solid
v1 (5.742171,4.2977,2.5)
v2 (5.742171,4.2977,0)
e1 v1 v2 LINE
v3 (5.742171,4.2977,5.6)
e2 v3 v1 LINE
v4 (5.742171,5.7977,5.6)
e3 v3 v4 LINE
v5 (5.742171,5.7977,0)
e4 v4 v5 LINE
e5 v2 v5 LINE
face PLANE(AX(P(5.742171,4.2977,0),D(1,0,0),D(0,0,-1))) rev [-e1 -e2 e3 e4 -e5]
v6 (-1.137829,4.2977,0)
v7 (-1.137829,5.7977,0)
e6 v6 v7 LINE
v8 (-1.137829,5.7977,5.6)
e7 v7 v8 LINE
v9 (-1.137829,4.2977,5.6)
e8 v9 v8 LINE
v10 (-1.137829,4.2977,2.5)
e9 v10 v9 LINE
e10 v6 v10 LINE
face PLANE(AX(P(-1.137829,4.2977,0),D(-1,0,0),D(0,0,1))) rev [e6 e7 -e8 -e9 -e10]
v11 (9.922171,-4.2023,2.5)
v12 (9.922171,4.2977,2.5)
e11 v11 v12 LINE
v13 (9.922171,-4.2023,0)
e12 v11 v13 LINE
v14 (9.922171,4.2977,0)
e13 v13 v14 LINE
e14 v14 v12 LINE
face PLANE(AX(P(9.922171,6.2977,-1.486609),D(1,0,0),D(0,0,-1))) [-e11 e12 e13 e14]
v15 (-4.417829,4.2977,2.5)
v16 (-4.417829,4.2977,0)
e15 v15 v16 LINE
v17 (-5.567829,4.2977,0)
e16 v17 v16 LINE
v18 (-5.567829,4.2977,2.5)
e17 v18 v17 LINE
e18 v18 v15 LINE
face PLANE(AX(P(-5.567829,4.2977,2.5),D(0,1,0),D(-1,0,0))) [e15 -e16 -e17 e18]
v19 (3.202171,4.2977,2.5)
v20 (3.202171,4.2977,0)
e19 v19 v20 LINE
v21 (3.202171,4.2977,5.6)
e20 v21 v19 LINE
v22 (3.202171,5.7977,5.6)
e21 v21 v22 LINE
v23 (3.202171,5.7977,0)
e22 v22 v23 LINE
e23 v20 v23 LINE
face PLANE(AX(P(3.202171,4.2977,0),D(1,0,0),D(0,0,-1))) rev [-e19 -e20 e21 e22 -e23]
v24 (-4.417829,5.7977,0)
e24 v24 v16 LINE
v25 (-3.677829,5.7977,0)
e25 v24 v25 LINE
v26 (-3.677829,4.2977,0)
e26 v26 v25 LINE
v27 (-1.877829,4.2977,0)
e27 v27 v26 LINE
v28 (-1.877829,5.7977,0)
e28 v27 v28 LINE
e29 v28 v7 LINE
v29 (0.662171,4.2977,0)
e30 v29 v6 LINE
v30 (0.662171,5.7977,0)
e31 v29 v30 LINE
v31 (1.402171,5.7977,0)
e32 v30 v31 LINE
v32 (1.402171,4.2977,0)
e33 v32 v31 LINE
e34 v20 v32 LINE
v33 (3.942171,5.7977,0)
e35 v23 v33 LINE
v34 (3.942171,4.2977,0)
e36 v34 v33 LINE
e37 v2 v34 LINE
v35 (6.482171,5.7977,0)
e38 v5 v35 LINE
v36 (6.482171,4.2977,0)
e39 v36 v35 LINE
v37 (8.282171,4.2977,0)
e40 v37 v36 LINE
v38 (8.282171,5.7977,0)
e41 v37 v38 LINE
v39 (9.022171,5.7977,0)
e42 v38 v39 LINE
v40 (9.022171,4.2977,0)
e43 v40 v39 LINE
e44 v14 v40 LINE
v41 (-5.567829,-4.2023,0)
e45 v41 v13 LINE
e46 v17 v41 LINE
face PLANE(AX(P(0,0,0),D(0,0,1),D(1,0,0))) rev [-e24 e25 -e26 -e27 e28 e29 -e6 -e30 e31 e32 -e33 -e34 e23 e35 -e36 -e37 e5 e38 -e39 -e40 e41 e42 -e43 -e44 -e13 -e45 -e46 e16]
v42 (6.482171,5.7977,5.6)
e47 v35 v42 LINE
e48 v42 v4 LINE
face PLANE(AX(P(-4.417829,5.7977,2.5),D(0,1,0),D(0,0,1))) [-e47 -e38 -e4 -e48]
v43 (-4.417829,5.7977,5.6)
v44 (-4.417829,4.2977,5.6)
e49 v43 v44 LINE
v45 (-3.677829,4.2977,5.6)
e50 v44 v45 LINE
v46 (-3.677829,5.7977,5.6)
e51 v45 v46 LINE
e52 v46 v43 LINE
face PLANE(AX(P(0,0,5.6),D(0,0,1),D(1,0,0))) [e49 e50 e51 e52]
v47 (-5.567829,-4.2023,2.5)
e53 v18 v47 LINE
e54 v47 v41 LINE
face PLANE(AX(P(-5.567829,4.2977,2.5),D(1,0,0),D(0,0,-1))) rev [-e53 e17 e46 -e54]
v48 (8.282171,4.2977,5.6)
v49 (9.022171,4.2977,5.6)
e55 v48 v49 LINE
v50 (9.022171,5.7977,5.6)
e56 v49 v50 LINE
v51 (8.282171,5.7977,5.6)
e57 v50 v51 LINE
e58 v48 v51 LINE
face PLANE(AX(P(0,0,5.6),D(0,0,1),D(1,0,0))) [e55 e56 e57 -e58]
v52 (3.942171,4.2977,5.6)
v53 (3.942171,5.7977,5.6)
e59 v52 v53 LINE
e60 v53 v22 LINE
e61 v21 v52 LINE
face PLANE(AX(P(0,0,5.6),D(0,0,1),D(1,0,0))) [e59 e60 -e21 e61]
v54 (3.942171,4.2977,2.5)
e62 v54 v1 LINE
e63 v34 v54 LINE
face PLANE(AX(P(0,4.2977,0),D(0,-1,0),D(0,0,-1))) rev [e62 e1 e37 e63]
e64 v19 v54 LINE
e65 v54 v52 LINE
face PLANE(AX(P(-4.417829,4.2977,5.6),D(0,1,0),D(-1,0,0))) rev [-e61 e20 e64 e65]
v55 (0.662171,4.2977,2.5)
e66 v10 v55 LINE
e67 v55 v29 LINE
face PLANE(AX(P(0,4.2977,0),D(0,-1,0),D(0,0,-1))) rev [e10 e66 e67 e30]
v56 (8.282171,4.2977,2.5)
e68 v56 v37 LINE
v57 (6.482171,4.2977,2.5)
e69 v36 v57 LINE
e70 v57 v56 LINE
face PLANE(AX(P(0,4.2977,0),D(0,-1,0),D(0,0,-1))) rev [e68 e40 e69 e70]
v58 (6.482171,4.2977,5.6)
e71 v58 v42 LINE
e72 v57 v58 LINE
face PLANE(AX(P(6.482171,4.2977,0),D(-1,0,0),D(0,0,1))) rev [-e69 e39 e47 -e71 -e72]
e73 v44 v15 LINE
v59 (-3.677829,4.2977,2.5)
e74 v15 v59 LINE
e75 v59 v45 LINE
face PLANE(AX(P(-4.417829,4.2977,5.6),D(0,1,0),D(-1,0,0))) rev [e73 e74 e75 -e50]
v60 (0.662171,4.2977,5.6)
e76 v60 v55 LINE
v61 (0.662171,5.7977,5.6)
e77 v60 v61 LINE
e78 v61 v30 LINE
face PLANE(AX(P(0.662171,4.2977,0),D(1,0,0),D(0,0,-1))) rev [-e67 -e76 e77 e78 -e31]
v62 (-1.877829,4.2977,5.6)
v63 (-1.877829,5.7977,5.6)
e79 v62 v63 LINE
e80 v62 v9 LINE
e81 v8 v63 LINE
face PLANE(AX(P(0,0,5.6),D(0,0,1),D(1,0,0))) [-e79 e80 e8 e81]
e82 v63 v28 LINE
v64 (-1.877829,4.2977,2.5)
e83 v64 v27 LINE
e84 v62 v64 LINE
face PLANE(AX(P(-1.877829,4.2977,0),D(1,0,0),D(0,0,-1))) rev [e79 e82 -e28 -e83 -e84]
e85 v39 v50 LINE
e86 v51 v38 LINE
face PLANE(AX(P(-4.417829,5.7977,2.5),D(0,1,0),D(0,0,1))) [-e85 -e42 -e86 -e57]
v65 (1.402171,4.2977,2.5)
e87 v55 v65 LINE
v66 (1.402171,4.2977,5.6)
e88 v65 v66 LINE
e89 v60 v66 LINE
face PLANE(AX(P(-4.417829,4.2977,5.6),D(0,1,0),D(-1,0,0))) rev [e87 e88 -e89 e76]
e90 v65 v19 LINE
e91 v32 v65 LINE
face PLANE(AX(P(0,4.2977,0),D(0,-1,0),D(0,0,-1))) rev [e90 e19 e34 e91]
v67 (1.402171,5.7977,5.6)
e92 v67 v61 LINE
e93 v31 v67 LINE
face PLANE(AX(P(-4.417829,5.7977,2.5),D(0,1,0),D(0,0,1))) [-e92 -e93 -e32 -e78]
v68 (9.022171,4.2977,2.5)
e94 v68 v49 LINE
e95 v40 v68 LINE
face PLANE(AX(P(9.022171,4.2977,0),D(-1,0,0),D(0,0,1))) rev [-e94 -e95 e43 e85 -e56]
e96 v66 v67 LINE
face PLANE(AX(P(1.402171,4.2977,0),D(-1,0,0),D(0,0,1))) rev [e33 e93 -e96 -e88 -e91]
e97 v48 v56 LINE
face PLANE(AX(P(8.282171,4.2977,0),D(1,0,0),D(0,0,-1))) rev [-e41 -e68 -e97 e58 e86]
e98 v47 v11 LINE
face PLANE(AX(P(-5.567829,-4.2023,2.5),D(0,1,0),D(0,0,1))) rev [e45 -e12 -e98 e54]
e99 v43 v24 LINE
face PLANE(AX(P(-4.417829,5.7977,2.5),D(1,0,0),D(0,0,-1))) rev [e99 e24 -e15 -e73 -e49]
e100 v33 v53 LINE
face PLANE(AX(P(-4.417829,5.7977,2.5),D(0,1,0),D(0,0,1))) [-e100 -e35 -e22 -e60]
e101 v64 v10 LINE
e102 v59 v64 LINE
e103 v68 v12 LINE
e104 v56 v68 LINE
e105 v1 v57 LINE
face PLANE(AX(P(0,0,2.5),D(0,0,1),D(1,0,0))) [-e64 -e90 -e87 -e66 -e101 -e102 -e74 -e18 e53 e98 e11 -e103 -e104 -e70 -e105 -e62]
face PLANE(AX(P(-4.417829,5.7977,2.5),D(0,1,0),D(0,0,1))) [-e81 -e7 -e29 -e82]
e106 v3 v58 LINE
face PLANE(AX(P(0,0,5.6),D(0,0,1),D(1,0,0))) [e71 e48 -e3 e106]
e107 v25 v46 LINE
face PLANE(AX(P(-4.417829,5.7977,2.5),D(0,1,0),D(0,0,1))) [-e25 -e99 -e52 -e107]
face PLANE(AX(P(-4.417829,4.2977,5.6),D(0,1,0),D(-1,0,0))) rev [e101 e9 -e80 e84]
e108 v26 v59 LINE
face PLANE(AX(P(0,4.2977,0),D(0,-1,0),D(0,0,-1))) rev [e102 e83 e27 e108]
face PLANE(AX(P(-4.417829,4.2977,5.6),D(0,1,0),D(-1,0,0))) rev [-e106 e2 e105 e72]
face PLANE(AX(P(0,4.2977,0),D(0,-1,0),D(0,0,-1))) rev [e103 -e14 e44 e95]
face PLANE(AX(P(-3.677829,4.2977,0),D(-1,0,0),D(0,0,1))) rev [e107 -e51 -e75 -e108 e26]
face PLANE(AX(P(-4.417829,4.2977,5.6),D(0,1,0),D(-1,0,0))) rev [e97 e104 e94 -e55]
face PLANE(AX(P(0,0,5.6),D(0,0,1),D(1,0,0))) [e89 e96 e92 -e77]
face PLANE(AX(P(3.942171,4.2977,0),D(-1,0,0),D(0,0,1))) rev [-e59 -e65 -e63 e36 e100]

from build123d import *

# Parameters (mm, degrees)
SKETCH_1_W               = 25.9
SKETCH_1_H               = 8.5
EXTRUDE_1_DEPTH          = 2.5
SKETCH_1_5_W             = 23.6
SKETCH_1_5_H             = 1.5
EXTRUDE_2_DEPTH          = 2.5
SKETCH_2_W               = 23.6
SKETCH_2_H               = 1.5
EXTRUDE_3_DEPTH          = 3.1
SKETCH_3_W               = 1.8
SKETCH_3_H               = 5.6
CUT_EXTRUDE_1_DEPTH      = 1.5
CUT_EXTRUDE_2_DEPTH      = 2
CUT_EXTRUDE_2_DEPTH_BACK = 10
SKETCH_4_W               = 15
SKETCH_4_H               = 7.729949766


with BuildPart() as part:
    # 草图1 → 凸台-拉伸1 (new body)
    with BuildSketch(Plane.XY):
        with Locations((7.382170543, 0.04770021)):
            Rectangle(SKETCH_1_W, SKETCH_1_H)
    extrude(amount=EXTRUDE_1_DEPTH)

    # 草图1<5> → 凸台-拉伸2 (add)
    with BuildSketch(Plane.XY):
        with Locations((7.382170543, 5.04770021)):
            Rectangle(SKETCH_1_5_W, SKETCH_1_5_H)
    extrude(amount=EXTRUDE_2_DEPTH)

    # 草图2 → 凸台-拉伸3 (add)
    with BuildSketch(Plane.XY.offset(2.5)):
        with Locations((7.382170543, 5.04770021)):
            Rectangle(SKETCH_2_W, SKETCH_2_H)
    extrude(amount=EXTRUDE_3_DEPTH)

    # 草图3 → 切除-拉伸1 (cut)
    with BuildSketch(Plane(origin=(0, 5.79770021, 0), x_dir=(1, 0, 0), z_dir=(0, 1, 0))):
        with Locations((17.542170543, -2.8)):
            Rectangle(SKETCH_3_W, SKETCH_3_H)
        with Locations((15.002170543, -2.8)):
            Rectangle(SKETCH_3_W, SKETCH_3_H)
        with Locations((12.462170543, -2.8)):
            Rectangle(SKETCH_3_W, SKETCH_3_H)
        with Locations((9.922170543, -2.8)):
            Rectangle(SKETCH_3_W, SKETCH_3_H)
        with Locations((7.382170543, -2.8)):
            Rectangle(SKETCH_3_W, SKETCH_3_H)
        with Locations((4.842170543, -2.8)):
            Rectangle(SKETCH_3_W, SKETCH_3_H)
        with Locations((2.302170543, -2.8)):
            Rectangle(SKETCH_3_W, SKETCH_3_H)
        with Locations((-0.237829457, -2.8)):
            Rectangle(SKETCH_3_W, SKETCH_3_H)
        with Locations((-2.777829457, -2.8)):
            Rectangle(SKETCH_3_W, SKETCH_3_H)
    extrude(amount=-CUT_EXTRUDE_1_DEPTH, mode=Mode.SUBTRACT)

    # 草图4 → 切除-拉伸2 (cut, two sides: drawn at the far end of the back side and taken through both)
    with BuildSketch(Plane(origin=(0, 4.29770021, 0), x_dir=(1, 0, 0), z_dir=(0, 1, 0)).offset(-CUT_EXTRUDE_2_DEPTH_BACK)):
        with Locations((17.422170543, -2.378366376)):
            Rectangle(SKETCH_4_W, SKETCH_4_H)
    extrude(amount=CUT_EXTRUDE_2_DEPTH + CUT_EXTRUDE_2_DEPTH_BACK, mode=Mode.SUBTRACT)


solid = part.part
